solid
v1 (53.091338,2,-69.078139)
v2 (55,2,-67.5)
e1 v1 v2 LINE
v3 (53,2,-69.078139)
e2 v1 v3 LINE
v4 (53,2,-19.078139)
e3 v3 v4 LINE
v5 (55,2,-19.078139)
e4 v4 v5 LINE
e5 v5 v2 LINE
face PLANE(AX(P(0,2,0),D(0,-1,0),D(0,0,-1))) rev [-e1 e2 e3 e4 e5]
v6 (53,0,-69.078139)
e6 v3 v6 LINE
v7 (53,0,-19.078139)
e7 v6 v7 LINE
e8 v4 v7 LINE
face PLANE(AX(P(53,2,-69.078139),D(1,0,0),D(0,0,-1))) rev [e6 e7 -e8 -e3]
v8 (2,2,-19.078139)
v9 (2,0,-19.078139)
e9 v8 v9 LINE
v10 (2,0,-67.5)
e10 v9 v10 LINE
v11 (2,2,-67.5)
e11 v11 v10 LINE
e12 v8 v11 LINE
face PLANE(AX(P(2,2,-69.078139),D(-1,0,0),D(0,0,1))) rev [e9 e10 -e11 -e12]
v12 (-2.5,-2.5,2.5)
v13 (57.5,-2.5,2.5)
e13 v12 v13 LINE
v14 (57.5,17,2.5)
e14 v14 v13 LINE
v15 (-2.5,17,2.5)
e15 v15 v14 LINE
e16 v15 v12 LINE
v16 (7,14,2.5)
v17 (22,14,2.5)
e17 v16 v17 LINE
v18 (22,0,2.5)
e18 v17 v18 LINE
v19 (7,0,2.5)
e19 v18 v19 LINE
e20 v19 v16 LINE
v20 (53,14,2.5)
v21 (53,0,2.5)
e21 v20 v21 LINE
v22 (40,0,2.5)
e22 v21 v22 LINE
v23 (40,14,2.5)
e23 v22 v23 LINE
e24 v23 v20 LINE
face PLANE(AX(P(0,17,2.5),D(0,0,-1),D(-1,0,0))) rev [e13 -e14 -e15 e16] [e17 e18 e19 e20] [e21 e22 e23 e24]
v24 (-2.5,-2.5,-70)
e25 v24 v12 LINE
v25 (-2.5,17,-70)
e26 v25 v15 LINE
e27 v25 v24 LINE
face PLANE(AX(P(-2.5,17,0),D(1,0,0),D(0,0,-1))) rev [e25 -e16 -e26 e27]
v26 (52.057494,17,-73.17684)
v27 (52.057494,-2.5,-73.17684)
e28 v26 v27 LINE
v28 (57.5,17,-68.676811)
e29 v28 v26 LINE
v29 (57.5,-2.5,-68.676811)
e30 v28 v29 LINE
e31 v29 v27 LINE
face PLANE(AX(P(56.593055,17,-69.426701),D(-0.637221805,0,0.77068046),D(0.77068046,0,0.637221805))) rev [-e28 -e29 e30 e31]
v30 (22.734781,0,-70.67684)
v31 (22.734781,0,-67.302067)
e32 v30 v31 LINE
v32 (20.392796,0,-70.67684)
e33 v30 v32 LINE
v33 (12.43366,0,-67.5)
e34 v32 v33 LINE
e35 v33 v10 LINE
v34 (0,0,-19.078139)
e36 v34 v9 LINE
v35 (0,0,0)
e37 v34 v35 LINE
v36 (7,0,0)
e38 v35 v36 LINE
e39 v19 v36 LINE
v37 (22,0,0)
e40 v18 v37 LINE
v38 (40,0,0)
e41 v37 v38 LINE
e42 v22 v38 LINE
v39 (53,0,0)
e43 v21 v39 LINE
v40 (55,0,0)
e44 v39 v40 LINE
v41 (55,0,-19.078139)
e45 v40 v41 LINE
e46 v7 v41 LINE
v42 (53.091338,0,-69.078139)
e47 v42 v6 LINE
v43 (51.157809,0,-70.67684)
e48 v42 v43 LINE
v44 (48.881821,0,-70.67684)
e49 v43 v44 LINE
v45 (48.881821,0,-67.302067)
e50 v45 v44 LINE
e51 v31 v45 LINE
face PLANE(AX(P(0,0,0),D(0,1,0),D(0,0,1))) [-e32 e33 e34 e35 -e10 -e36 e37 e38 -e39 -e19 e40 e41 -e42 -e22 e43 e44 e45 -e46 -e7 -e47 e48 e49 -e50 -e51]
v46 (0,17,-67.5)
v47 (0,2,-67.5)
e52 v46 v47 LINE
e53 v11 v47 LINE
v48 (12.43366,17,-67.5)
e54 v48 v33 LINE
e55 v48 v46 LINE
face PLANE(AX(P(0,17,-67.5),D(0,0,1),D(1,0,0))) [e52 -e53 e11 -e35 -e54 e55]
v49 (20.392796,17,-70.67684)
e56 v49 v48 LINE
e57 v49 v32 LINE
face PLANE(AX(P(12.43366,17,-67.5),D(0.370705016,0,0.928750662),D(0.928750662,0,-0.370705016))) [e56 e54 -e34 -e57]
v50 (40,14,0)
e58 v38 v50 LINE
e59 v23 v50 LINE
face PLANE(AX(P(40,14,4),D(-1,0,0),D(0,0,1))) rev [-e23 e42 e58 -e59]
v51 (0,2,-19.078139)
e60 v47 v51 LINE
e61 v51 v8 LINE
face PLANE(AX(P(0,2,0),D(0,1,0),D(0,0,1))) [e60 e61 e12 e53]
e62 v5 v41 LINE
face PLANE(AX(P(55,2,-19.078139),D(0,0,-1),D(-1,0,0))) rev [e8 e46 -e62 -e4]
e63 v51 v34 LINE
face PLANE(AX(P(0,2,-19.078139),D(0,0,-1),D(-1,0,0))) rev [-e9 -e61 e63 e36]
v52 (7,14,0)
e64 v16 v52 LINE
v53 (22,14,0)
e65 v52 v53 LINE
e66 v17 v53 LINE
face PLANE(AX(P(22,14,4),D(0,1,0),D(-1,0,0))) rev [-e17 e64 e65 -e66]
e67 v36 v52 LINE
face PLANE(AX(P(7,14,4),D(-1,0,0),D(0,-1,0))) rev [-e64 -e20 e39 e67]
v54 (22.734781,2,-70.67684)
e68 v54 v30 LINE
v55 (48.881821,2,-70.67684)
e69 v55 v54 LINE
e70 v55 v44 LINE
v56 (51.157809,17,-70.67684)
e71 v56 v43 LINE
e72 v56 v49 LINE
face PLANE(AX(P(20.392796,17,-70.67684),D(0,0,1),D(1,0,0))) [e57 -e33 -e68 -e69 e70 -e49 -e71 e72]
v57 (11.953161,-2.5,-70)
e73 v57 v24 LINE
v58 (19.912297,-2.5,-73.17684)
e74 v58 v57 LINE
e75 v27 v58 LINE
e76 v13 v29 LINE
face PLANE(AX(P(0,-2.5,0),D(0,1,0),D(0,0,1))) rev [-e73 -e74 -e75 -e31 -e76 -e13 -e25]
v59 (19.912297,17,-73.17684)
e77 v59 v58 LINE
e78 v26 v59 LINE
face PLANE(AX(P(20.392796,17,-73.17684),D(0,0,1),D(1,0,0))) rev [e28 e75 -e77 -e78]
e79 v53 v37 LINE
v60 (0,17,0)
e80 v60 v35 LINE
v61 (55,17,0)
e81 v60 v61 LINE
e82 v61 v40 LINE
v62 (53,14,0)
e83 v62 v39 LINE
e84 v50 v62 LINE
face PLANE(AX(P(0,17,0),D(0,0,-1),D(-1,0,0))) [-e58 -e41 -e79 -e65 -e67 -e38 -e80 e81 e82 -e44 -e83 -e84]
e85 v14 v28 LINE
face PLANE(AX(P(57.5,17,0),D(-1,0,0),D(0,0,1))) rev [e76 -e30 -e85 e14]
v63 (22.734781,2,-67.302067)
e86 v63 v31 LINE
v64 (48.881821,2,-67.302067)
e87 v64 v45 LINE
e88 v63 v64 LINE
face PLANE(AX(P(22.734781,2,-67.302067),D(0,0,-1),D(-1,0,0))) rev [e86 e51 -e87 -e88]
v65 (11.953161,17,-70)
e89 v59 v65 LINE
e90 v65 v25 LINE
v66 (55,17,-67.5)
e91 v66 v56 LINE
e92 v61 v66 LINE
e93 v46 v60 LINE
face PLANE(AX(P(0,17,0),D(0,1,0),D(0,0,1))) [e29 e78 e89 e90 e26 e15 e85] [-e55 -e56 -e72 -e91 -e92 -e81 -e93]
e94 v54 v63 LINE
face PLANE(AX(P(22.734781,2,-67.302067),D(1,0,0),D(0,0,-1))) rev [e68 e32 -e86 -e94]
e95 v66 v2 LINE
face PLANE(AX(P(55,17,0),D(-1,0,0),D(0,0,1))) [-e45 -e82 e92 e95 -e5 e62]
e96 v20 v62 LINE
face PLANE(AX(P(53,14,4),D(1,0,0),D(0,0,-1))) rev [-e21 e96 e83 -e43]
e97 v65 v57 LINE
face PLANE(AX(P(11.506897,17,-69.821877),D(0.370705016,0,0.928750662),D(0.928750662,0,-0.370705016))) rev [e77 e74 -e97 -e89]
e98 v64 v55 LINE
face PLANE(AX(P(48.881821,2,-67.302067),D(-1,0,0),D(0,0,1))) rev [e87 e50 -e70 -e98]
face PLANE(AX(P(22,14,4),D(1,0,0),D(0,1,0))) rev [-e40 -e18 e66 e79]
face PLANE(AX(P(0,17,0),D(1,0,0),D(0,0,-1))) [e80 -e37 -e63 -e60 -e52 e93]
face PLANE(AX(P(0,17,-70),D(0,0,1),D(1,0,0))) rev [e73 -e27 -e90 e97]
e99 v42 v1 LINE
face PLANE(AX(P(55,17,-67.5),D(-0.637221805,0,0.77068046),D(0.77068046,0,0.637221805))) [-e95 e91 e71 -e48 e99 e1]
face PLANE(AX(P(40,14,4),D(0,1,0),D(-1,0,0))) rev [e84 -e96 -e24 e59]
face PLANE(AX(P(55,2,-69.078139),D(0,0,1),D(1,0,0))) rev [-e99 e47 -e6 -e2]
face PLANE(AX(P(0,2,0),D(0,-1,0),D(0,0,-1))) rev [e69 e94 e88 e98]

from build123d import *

# Parameters (mm, degrees)
BOSS_EXTRUDE1_DEPTH = 17
SHELL1_T            = 2.5
SKETCH2_W           = 15
SKETCH2_H           = 14
SKETCH2_W_2         = 13
CUT_EXTRUDE1_DEPTH  = 4
SKETCH3_W           = 2
SKETCH3_H           = 50
BOSS_EXTRUDE2_DEPTH = 2
SKETCH4_W           = 26.147040262
SKETCH4_H           = 3.374772828
BOSS_EXTRUDE3_DEPTH = 2


with BuildPart() as part:
    # Sketch1 → Boss-Extrude1 (new body)
    with BuildSketch(Plane(origin=(0, 0, 0), x_dir=(1, 0, 0), z_dir=(0, 1, 0))):
        Polygon((0, 0), (0, 67.5), (12.433659819, 67.5), (20.392796314, 70.676839536), (51.157808577, 70.676839536), (55, 67.5), (55, 0), align=None)
    extrude(amount=BOSS_EXTRUDE1_DEPTH)

    # Shell1
    shell1_openings = [part.faces().sort_by_distance(p)[0] for p in [
        (27.718752105, 17, -34.822433689),
    ]]
    offset(amount=SHELL1_T, openings=shell1_openings, kind=Kind.INTERSECTION)

    # Sketch2 → Cut-Extrude1 (cut)
    with BuildSketch(Plane(origin=(0, 0, 0), x_dir=(-1, 0, 0), z_dir=(0, 0, -1))):
        with Locations((-14.5, 7)):
            Rectangle(SKETCH2_W, SKETCH2_H)
        with Locations((-46.5, 7)):
            Rectangle(SKETCH2_W_2, SKETCH2_H)
    extrude(amount=-CUT_EXTRUDE1_DEPTH, mode=Mode.SUBTRACT)

    # Sketch3 → Boss-Extrude2 (add)
    with BuildSketch(Plane(origin=(0, 0, 0), x_dir=(1, 0, 0), z_dir=(0, 1, 0))):
        with Locations((1, 44.078139118)):
            Rectangle(SKETCH3_W, SKETCH3_H)
        with Locations((54, 44.078139118)):
            Rectangle(SKETCH3_W, SKETCH3_H)
    extrude(amount=BOSS_EXTRUDE2_DEPTH)

    # Sketch4 → Boss-Extrude3 (add)
    with BuildSketch(Plane(origin=(0, 0, 0), x_dir=(1, 0, 0), z_dir=(0, 1, 0))):
        with Locations((35.808300775, 68.989453122)):
            Rectangle(SKETCH4_W, SKETCH4_H)
    extrude(amount=BOSS_EXTRUDE3_DEPTH)


solid = part.part
